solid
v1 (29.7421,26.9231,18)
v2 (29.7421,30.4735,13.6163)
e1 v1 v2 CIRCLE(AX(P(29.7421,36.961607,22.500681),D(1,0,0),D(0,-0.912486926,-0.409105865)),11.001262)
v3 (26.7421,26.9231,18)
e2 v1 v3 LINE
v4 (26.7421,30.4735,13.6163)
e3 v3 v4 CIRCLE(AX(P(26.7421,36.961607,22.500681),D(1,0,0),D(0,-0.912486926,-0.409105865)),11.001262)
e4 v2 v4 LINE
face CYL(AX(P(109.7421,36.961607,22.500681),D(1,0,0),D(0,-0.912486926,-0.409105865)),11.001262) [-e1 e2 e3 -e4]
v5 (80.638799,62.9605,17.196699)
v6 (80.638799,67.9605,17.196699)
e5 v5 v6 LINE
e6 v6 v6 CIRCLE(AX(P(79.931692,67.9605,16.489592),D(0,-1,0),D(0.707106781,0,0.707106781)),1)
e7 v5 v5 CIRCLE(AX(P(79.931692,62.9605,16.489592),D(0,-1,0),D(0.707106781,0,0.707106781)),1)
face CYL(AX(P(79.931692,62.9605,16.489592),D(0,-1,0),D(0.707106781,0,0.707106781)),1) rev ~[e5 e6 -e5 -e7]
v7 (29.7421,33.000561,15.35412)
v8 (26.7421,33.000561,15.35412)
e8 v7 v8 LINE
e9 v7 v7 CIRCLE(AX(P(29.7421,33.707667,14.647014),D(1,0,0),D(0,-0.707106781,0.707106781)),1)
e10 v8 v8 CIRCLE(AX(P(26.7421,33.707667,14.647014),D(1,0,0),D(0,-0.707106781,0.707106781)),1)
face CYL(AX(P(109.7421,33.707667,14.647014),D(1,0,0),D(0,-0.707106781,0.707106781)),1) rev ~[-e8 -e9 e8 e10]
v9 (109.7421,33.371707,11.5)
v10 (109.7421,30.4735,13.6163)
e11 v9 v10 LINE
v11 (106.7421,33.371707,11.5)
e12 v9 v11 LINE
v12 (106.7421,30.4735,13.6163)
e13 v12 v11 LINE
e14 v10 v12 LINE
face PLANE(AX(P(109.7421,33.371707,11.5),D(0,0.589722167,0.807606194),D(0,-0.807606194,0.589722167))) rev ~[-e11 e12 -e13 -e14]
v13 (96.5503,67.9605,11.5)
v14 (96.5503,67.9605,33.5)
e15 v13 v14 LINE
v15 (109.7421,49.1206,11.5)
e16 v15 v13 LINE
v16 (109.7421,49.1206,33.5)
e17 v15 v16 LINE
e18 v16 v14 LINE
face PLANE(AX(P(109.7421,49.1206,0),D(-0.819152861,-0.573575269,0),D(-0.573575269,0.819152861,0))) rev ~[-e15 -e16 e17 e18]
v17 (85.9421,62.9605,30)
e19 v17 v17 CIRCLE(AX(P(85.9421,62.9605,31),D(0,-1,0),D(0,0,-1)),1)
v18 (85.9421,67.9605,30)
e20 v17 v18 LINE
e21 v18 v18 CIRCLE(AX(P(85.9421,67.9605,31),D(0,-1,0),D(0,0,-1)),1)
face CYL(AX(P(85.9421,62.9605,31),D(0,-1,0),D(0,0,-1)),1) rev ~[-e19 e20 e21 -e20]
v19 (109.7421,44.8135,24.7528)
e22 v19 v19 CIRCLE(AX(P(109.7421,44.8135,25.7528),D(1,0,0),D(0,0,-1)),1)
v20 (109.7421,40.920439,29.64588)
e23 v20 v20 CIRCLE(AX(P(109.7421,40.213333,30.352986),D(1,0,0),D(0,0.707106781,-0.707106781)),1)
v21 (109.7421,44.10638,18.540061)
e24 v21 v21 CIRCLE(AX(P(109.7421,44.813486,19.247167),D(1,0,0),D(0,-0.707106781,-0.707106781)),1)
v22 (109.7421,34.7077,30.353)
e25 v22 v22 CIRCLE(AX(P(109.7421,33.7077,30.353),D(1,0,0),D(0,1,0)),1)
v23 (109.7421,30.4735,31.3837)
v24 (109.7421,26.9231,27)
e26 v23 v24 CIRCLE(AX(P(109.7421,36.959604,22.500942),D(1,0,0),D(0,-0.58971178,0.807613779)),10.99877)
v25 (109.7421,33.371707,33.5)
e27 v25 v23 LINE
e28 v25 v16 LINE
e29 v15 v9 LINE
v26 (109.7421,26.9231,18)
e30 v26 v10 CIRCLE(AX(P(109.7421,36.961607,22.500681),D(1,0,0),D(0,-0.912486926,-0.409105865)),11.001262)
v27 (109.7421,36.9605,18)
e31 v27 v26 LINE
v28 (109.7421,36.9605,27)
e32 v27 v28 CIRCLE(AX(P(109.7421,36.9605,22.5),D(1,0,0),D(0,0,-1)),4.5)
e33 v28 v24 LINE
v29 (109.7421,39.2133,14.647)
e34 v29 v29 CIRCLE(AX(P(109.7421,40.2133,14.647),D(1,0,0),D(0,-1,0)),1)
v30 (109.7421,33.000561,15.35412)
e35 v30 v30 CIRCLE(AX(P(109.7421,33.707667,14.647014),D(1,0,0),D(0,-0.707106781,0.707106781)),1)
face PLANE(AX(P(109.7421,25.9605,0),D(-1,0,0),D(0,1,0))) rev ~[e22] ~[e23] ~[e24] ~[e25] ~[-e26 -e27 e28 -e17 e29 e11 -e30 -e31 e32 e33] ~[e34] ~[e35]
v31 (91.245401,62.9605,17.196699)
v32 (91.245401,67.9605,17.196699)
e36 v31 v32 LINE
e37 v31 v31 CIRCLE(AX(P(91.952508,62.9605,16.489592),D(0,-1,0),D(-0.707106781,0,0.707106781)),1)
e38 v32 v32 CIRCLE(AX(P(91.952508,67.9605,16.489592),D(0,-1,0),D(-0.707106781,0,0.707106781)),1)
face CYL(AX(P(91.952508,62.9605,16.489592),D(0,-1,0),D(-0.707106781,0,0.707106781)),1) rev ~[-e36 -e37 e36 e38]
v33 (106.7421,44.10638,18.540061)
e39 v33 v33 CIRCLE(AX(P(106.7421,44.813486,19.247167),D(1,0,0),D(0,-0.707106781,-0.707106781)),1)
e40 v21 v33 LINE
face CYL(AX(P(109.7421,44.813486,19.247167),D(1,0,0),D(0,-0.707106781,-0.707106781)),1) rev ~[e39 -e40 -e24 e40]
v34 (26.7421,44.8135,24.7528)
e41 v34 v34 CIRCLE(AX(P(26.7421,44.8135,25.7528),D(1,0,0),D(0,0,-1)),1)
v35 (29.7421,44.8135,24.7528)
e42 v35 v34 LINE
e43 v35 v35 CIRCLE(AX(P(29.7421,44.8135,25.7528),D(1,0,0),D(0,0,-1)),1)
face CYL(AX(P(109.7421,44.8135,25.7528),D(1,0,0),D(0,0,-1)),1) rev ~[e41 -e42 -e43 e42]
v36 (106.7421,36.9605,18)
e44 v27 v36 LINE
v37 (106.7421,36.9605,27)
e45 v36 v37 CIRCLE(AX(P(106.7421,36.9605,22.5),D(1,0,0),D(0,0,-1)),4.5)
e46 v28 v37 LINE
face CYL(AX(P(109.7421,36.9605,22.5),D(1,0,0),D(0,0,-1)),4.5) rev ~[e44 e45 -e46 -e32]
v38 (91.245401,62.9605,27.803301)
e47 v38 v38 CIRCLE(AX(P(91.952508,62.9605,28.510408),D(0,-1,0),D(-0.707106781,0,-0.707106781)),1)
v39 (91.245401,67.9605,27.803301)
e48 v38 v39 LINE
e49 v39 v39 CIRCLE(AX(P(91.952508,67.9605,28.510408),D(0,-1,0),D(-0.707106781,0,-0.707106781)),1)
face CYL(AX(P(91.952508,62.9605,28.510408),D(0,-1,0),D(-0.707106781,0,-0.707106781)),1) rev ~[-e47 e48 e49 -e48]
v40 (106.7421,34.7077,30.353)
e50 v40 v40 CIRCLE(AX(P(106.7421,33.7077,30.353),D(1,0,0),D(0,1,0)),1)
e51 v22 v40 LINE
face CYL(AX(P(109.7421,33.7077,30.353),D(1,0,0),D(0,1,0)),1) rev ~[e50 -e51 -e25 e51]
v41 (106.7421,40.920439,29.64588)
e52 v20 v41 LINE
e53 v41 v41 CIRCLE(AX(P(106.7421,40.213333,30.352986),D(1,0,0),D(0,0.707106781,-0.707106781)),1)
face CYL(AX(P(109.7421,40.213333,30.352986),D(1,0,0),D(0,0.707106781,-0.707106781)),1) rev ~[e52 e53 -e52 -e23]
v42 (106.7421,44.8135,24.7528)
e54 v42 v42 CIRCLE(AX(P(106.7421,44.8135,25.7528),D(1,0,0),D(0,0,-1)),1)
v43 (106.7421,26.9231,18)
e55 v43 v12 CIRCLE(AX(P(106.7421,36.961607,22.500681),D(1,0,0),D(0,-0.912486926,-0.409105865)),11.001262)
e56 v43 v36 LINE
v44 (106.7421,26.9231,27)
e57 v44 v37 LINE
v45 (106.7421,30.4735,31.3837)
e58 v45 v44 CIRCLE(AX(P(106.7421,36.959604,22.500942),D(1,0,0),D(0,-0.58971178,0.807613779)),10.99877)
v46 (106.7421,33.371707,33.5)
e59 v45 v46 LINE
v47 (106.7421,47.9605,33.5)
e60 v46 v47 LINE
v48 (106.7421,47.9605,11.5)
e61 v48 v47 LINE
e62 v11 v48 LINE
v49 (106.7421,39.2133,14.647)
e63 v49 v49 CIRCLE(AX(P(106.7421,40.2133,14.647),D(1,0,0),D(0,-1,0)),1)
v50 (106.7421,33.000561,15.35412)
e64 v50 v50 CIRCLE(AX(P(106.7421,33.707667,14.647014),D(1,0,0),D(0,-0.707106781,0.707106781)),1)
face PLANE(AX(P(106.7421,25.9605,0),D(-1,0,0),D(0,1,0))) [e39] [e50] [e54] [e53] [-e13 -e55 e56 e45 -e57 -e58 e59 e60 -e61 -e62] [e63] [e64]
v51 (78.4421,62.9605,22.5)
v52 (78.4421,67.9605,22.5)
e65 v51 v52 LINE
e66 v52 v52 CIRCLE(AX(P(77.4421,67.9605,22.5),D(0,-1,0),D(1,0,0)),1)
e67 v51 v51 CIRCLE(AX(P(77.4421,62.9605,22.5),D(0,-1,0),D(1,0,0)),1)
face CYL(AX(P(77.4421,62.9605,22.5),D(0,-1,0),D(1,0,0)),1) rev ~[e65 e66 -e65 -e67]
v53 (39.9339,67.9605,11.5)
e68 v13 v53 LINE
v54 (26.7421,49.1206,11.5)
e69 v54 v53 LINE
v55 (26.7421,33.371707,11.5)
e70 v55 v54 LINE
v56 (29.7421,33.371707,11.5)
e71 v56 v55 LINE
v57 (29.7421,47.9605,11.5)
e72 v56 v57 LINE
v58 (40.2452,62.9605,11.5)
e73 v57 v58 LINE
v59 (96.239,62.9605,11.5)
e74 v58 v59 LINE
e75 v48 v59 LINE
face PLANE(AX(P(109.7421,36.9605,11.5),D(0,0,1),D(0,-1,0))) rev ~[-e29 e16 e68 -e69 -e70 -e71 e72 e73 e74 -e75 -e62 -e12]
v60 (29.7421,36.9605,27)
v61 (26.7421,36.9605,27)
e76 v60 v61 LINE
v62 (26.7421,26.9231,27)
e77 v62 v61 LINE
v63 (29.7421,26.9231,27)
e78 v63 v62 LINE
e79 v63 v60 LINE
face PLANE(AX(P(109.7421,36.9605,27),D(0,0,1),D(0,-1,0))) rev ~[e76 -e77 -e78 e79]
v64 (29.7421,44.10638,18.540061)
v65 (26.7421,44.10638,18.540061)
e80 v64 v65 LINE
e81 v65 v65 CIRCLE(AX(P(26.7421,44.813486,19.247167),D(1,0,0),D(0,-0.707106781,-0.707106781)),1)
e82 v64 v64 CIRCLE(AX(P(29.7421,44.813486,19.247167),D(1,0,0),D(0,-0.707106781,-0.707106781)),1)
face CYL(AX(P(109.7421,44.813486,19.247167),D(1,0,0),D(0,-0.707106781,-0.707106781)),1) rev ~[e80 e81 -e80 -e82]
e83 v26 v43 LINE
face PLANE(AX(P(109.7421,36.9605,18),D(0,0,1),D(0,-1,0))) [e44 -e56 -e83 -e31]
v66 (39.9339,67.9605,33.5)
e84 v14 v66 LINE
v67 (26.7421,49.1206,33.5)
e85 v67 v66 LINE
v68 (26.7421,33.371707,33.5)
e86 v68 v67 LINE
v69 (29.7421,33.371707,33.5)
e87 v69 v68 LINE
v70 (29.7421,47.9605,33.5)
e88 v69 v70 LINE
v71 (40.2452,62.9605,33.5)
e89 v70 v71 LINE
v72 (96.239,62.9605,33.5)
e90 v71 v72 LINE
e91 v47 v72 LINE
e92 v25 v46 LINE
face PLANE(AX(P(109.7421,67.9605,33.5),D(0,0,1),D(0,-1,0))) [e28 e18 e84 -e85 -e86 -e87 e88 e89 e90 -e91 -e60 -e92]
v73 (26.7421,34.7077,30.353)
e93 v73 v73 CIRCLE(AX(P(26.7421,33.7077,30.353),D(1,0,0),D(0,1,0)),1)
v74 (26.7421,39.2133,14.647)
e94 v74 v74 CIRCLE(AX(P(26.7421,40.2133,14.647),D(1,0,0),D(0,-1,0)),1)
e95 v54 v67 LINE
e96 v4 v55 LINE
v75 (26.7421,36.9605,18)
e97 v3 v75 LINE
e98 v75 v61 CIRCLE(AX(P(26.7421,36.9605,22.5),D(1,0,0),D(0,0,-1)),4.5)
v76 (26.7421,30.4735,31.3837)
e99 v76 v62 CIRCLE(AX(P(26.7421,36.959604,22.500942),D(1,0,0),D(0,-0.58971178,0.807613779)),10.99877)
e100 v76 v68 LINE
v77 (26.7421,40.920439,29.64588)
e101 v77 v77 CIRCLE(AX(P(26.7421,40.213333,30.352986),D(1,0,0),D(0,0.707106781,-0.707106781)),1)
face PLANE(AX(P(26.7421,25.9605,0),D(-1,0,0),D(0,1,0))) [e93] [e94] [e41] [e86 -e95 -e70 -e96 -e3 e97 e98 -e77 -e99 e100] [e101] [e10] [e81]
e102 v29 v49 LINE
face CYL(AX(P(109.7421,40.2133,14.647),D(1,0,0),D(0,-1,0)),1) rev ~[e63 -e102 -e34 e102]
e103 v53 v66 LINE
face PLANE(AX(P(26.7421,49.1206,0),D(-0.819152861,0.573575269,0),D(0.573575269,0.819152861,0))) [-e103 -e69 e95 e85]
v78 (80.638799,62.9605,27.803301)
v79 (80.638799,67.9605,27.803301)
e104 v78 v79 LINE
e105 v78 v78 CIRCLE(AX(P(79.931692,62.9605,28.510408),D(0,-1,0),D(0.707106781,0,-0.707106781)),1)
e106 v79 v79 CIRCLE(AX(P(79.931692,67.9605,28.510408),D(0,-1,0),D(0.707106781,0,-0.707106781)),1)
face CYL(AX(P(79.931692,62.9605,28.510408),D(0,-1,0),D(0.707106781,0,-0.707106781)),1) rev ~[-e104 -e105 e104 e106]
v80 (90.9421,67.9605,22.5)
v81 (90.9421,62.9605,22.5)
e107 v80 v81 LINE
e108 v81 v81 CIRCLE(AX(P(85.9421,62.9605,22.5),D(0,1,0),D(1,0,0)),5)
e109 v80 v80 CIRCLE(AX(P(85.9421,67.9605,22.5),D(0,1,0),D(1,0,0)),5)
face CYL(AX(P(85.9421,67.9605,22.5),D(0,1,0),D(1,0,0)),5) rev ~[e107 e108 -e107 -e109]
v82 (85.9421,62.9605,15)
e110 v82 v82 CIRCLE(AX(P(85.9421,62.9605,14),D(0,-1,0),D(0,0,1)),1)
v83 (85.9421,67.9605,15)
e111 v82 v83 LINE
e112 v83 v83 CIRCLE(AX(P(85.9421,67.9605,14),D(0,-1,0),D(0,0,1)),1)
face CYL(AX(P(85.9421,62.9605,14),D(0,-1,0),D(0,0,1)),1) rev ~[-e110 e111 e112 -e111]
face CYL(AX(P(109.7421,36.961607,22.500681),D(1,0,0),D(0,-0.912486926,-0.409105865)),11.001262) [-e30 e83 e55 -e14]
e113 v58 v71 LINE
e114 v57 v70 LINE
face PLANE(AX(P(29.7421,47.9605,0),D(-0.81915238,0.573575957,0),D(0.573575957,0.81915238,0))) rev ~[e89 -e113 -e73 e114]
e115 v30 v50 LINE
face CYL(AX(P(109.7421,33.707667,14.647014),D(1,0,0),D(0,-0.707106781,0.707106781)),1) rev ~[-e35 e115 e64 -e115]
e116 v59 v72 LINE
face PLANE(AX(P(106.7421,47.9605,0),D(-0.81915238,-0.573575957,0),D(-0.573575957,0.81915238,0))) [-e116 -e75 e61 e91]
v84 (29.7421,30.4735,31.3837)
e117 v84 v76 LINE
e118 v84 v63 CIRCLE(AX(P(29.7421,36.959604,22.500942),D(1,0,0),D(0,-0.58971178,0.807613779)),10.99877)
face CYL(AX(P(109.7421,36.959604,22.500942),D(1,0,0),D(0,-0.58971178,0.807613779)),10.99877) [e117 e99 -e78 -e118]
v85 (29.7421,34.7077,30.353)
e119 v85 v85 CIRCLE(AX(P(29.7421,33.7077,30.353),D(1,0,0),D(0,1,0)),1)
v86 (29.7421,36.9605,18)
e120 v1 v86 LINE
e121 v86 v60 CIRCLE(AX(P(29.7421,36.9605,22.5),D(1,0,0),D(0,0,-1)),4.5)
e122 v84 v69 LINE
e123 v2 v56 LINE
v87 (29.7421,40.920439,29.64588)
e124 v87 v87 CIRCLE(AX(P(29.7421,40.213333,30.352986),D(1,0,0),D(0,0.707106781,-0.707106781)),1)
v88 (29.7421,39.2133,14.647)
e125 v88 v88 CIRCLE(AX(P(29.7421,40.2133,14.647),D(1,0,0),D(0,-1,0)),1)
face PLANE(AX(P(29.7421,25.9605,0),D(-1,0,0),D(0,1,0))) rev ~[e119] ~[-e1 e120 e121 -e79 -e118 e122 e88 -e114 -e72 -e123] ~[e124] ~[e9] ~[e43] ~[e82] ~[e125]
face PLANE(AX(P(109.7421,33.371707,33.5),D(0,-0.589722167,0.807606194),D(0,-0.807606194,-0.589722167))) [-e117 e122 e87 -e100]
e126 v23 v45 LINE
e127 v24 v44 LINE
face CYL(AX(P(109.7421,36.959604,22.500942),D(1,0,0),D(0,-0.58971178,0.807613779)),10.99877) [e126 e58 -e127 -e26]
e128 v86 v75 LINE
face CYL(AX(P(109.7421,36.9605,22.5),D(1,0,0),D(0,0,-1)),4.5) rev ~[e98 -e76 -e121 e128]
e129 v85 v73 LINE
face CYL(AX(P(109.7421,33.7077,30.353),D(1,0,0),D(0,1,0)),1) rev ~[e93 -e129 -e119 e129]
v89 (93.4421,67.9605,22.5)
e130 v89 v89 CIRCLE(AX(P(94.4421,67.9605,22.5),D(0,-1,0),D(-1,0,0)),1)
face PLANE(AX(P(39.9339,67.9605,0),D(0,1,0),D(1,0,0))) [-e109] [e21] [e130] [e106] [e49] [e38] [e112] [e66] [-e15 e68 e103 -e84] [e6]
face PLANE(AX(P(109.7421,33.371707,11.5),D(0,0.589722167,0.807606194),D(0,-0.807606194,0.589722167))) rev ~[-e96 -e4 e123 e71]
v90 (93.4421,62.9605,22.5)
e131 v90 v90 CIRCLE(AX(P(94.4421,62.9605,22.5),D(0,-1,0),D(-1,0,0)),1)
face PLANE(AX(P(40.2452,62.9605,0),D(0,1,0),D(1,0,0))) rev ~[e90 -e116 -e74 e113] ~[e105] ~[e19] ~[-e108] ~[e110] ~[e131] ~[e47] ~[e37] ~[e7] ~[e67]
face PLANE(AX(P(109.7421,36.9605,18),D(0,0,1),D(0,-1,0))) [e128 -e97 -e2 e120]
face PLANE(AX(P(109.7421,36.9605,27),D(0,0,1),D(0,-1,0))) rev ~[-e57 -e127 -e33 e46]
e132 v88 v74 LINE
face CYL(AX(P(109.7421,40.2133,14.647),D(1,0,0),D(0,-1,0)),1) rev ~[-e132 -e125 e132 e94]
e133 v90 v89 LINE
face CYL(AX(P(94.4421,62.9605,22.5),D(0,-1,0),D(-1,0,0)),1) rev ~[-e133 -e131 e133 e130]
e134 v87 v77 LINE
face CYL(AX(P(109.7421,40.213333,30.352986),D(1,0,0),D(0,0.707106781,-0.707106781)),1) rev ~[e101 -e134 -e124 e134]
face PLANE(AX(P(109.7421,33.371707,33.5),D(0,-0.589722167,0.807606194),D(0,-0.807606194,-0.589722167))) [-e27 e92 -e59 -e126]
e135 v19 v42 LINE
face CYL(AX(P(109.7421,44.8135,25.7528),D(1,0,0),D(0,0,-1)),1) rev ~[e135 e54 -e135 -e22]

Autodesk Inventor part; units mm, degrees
ref_plane "YZ Plane" through (0, 0, 0) normal (1, 0, 0) x (0, 1, 0)
ref_plane "XZ Plane" through (0, 0, 0) normal (0, 1, 0) x (-1, 0, 0)
ref_plane "XY Plane" through (0, 0, 0) normal (0, 0, 1) x (1, 0, 0)
sketch "Sketch1" plane through (0, 0, 0) normal (0, 0, 1) x (1, 0, 0)
  line L0 (26.7421, 25.9605) -> (26.7421, 49.1206)
  line L1 (40.2452, 62.9605) -> (96.239, 62.9605)
  line L2 (39.9339, 67.9605) -> (96.5503, 67.9605)
  line L3 (106.7421, 25.9605) -> (106.7421, 47.9605)
  line L4 (26.7421, 25.9605) -> (29.7421, 25.9605)
  line L5 (106.7421, 25.9605) -> (109.7421, 25.9605)
  line L6 (109.7421, 25.9605) -> (109.7421, 49.1206)
  line L7 (29.7421, 25.9605) -> (29.7421, 47.9605)
  line L8 (29.7421, 47.9605) -> (40.2452, 62.9605)
  line L9 (26.7421, 49.1206) -> (39.9339, 67.9605)
  line L10 (106.7421, 47.9605) -> (96.239, 62.9605)
  line L11 (109.7421, 49.1206) -> (96.5503, 67.9605)
  point P0 (0, 0)
extrude "Extrusion1" add sketch "Sketch1" along normal blind 45
sketch "Sketch2" plane through (109.7421, 25.9605, 0) normal (1, 0, 0) x (0, 0, -1)
  line L0 (-45, 23.1601) -> (-45, 0) projected
  line L1 (0, 0) -> (-45, 0) projected
  line L2 (0, 23.1601) -> (0, 0) projected
  line L3 (0, 23.1601) -> (-45, 23.1601) projected
  line L4 (-45, 23.1601) -> (-31.3837, 4.513)
  line L5 (0, 23.1601) -> (-13.6163, 4.513)
  arc A0 (-18, 11) -> (-27, 11) centre (-22.5, 11) ccw
  line L6 (-45, 23.1601) -> (-45, -1.8399)
  line L7 (-45, -1.8399) -> (0, -1.8399)
  line L8 (0, -1.8399) -> (0, 23.1601)
  line L9 (-18, 11) -> (-18, 0.9626)
  line L10 (-27, 11) -> (-27, 0.9626)
  arc A1 (-18, 0.9626) -> (-13.6163, 4.513) centre (-22.5, 11) ccw
  arc A2 (-31.3837, 4.513) -> (-27, 0.9626) centre (-22.5, 11) ccw
  line L11 (-45, 42) -> (-33.5, 42)
  line L12 (-33.5, 42) -> (-33.5, 2)
  line L13 (-33.5, 2) -> (-45, 2)
  line L14 (-45, 2) -> (-45, 42)
  line L15 (0, 42) -> (-11.5, 42)
  line L16 (-11.5, 42) -> (-11.5, 2)
  line L17 (-11.5, 2) -> (0, 2)
  line L18 (0, 2) -> (0, 42)
  circle A3 centre (-22.5, 11) radius 11
  point P0 (0, -25.9605)
  dimension "d3" = 11
  dimension "d4" = 9
  dimension "d5" = 25
  dimension "d14" = 11.5
  dimension "d15" = 11.5
  dimension "d16" = 40
  dimension "d17" = 40
sketch "Sketch3" plane through (39.9339, 67.9605, 0) normal (0, 1, 0) x (1, 0, 0)
  circle A0 centre (46.0082, -22.5) radius 5
  line L0 (69.8082, 0) -> (69.8082, -45) projected
  point P0 (-39.9339, 0)
  dimension "d8" = 10
  dimension "d9" = 23.8
extrude "Extrusion3" cut sketch "Sketch3" against normal blind 45
extrude "Extrusion4" cut sketch "Sketch2" against normal through all contours L4 L12 L13 L0 | L14 L11 L12 L3 | L3 L12 L4 | L13 L12 L4 A2 A3 L1 L0 | L16 L15 L18 L3 | L3 L5 L16 | A3 A1 L5 L16 L17 L2 L1 | A3 L10 A0 L9 | L2 L17 L16 L5
sketch "Sketch4" plane through (109.7421, 33.3718, 33.5) normal (1, 0, 0) x (0, 0, -1)
  arc A0 (15.5, -6.4487) -> (19.8837, -2.8983) centre (11, 3.5887) ccw projected
  line L0 (11, 3.5887) -> (19.5, 3.5887) construction
  circle A1 centre (7.7472, 11.4417) radius 1
  point P0 (33.5, -33.3718)
  dimension "d22" = 2
extrude "Extrusion5" cut sketch "Sketch4" against normal through all
pattern_circular "Circular Pattern1" count 8 over 360 about axis through (109.7421, 36.9605, 22.5) along (-1, 0, 0) of "Extrusion5"
sketch "Sketch5" plane through (40.2452, 62.9605, 11.5) normal (0, -1, 0) x (1, 0, 0)
  circle A0 centre (45.6969, 11) radius 5 projected
  circle A1 centre (37.1969, 11) radius 1
  point P0 (-40.2452, -11.5)
  dimension "d28" = 2
  dimension "d29" = 8.5
extrude "Extrusion6" cut sketch "Sketch5" against normal through all contours A1
pattern_circular "Circular Pattern2" count 8 over 360 about axis through (85.9421, 67.9605, 22.5) along (0, -1, 0) of "Extrusion6"
properties part number "Hips" material "Aluminum-6061"
